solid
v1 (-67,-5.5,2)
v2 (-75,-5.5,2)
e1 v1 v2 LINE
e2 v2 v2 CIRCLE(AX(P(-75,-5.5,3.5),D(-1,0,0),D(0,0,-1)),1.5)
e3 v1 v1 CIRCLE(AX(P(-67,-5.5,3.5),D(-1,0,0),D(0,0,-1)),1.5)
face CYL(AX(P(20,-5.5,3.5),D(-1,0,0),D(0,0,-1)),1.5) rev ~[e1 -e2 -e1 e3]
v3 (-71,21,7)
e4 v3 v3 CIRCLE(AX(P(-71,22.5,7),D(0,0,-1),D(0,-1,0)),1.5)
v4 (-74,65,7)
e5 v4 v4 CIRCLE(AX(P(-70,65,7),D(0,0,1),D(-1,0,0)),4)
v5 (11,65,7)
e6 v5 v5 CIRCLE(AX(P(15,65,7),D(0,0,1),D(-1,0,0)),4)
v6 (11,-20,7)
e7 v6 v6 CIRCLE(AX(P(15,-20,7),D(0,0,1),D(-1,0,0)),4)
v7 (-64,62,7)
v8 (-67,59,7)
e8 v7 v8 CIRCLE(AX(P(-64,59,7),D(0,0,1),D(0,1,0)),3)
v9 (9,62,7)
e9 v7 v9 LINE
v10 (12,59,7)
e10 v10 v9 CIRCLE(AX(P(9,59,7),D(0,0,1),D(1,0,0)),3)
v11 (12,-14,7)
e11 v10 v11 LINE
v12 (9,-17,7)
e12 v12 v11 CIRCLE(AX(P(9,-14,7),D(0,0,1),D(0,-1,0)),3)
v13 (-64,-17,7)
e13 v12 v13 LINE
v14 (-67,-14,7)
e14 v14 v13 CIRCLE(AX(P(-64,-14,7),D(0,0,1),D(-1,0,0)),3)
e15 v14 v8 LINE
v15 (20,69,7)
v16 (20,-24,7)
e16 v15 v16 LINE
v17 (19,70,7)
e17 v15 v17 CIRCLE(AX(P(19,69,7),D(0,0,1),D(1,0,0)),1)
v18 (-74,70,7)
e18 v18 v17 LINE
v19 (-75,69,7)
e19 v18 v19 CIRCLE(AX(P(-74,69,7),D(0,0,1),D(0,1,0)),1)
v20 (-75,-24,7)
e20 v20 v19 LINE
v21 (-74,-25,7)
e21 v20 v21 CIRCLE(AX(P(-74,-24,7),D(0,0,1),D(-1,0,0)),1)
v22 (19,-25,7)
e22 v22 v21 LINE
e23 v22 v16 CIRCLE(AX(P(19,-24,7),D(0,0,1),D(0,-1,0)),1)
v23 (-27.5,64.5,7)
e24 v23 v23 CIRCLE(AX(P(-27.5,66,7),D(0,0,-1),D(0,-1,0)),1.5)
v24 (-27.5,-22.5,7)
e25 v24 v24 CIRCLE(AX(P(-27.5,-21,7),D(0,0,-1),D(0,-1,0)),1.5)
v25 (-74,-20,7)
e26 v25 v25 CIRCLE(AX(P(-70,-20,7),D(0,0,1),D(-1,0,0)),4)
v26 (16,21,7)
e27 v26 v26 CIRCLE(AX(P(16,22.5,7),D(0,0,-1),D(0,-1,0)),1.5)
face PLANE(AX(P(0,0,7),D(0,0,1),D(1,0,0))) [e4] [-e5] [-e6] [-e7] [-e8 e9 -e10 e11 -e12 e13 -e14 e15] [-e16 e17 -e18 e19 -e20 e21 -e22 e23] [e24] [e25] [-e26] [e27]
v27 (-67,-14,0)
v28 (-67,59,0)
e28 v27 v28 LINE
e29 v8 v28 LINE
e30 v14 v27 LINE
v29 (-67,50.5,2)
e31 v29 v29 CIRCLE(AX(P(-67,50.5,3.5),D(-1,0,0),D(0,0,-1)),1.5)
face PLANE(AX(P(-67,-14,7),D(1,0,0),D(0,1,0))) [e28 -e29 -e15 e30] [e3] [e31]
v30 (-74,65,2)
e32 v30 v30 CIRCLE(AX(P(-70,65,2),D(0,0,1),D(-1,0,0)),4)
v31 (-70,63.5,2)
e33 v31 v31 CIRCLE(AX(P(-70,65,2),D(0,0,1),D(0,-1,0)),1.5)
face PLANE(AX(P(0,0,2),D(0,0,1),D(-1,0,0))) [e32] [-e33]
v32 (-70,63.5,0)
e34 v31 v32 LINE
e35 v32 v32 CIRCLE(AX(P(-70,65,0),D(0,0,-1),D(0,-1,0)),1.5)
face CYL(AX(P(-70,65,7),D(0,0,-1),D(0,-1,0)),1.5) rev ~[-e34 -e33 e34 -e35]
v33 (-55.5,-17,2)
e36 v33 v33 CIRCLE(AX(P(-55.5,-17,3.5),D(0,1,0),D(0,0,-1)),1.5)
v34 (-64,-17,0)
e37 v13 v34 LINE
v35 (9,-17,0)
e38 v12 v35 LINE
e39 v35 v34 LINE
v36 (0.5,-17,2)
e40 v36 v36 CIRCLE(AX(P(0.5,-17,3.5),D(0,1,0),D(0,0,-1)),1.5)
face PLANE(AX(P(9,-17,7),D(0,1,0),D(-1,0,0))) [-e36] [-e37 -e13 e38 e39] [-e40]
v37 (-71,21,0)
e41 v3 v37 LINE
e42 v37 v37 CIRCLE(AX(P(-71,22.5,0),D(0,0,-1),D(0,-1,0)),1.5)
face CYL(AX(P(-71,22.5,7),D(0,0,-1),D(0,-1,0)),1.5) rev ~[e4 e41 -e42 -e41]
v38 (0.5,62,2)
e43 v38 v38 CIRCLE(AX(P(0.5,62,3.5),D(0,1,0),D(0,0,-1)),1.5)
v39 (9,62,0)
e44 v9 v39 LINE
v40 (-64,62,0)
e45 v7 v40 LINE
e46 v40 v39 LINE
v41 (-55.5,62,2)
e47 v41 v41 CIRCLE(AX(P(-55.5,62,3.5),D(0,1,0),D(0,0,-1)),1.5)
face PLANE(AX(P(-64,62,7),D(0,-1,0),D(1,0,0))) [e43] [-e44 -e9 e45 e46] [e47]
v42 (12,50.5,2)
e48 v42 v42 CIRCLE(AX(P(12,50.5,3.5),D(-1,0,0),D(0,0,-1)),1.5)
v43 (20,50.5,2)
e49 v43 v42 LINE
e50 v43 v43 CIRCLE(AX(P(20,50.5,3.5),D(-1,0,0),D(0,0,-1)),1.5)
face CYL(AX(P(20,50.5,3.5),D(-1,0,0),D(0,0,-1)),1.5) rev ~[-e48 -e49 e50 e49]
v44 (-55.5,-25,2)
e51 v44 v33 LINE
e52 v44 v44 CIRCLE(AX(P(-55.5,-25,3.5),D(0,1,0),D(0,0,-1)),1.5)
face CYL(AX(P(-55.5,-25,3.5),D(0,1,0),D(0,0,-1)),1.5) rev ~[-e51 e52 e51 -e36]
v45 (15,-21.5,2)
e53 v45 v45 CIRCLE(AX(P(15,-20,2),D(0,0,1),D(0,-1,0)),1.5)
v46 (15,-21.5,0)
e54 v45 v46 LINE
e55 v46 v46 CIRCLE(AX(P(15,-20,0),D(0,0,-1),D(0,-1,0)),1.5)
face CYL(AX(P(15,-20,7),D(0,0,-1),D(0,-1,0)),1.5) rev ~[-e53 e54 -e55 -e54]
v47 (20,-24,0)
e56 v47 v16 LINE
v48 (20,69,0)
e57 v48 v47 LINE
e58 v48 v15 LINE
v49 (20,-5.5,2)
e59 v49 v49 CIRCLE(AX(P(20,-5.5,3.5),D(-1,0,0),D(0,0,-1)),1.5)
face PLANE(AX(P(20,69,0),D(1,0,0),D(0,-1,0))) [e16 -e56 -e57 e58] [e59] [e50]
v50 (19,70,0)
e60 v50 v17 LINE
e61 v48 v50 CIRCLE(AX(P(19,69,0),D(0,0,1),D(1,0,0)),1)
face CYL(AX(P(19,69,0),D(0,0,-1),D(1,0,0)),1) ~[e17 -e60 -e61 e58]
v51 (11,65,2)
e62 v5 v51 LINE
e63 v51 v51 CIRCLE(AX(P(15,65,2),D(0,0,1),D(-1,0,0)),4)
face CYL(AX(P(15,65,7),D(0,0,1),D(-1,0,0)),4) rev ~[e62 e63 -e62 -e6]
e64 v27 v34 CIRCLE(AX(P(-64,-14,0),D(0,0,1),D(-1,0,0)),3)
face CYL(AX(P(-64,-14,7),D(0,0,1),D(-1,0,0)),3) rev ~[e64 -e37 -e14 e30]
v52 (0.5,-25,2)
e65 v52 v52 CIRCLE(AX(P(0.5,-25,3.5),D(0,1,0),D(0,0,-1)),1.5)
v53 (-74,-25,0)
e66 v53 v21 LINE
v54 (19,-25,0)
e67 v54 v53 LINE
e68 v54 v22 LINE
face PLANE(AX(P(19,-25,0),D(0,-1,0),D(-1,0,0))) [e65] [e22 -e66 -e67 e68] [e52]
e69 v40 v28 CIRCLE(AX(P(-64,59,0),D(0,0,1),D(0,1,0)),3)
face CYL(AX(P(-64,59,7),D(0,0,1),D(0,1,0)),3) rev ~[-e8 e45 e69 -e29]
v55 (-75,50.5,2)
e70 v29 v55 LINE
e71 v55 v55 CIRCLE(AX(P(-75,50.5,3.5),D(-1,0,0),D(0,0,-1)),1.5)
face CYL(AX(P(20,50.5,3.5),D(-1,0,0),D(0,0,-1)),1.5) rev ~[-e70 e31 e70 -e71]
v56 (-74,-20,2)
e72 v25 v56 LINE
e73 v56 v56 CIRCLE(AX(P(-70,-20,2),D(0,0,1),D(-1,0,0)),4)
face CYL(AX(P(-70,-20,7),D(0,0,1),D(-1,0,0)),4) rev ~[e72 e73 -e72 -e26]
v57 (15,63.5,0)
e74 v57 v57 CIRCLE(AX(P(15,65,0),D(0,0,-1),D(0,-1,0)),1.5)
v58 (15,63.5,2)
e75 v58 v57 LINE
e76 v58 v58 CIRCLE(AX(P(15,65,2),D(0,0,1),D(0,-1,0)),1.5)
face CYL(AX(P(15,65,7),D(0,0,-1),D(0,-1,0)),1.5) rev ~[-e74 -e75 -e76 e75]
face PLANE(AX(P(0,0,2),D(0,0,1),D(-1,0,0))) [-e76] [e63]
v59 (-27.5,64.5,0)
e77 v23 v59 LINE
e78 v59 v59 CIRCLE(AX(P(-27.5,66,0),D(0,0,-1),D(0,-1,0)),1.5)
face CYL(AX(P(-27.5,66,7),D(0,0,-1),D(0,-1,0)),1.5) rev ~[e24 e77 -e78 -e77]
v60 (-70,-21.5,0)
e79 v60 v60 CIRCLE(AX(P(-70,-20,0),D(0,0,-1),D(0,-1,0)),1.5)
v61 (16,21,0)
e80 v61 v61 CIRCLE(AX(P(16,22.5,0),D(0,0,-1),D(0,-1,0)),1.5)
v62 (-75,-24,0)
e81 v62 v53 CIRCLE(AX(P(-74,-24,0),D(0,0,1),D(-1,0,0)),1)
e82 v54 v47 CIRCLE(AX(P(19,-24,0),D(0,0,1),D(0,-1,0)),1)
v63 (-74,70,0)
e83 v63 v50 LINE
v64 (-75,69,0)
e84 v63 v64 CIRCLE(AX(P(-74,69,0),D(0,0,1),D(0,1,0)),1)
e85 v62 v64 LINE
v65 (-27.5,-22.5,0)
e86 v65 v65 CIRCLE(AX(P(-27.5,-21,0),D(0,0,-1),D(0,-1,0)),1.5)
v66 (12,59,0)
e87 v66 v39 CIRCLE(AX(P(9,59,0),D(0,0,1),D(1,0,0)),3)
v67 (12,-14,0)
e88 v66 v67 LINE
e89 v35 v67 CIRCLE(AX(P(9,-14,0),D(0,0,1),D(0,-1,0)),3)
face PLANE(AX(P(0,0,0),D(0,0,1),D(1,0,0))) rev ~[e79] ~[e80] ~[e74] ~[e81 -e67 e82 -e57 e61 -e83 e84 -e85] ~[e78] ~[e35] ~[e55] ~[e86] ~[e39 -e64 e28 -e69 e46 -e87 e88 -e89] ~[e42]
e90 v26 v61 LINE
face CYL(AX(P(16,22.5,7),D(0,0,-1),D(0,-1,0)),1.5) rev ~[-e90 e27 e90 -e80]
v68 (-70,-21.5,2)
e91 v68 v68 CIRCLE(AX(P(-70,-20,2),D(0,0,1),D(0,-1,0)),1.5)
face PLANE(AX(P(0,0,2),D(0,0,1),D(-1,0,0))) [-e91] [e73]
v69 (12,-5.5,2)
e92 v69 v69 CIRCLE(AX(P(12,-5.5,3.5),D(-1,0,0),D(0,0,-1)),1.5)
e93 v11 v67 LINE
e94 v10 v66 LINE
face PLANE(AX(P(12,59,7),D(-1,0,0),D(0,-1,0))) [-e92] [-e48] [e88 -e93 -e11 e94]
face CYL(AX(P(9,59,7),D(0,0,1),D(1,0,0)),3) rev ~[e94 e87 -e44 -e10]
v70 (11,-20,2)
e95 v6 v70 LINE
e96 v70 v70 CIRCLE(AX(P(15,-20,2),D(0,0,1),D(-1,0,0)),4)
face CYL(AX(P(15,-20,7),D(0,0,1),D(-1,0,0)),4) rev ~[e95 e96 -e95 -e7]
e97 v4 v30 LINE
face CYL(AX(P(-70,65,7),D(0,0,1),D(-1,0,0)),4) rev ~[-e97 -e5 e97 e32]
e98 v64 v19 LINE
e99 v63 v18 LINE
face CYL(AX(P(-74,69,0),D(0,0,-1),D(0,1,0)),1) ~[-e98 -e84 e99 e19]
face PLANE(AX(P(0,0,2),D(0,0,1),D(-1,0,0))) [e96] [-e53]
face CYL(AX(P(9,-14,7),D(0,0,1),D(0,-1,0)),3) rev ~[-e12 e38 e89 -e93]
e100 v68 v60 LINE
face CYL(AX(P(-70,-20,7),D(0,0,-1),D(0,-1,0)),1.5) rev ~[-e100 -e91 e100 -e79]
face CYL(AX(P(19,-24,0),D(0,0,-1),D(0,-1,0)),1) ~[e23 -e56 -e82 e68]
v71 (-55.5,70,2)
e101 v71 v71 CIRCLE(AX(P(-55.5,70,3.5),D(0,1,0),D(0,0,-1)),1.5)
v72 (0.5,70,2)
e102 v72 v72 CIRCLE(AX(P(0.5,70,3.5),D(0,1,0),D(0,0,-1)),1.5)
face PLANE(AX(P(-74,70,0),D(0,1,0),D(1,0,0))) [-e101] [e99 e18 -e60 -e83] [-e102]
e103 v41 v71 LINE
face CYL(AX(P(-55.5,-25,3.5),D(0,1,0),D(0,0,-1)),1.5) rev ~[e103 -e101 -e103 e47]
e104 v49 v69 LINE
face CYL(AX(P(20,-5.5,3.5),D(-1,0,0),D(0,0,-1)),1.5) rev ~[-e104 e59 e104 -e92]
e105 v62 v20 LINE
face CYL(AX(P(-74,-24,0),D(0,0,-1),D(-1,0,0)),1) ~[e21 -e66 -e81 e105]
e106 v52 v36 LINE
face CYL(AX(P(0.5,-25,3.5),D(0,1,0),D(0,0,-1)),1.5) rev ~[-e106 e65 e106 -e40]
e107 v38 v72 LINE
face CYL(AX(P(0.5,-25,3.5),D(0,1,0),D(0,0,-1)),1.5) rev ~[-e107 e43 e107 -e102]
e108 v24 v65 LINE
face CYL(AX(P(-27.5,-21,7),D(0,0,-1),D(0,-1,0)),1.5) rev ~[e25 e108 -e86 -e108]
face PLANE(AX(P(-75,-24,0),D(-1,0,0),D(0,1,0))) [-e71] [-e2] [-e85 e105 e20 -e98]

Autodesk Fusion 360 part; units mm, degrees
sketch "Sketch1" plane through (0, 0, 0) normal (0, 0, 1) x (1, 0, 0)
  line L0 (19, -25) -> (-74, -25)
  line L1 (-75, -24) -> (-75, 69)
  line L2 (-74, 70) -> (19, 70)
  line L3 (20, 69) -> (20, -24)
  arc A0 (-74, 70) -> (-75, 69) centre (-74, 69) ccw
  arc A1 (20, 69) -> (19, 70) centre (19, 69) ccw
  arc A2 (-75, -24) -> (-74, -25) centre (-74, -24) ccw
  arc A3 (19, -25) -> (20, -24) centre (19, -24) ccw
  point P0 (20, -25)
  point P1 (-75, -25)
  point P2 (20, 70)
  dimension "d1" = 95
  dimension "d2" = 95
  dimension "d3" = 1
extrude "Extrude1" add sketch "Sketch1" along normal blind 7
sketch "Sketch2" plane through (0, 0, 7) normal (0, 0, 1) x (-1, 0, 0)
  arc A0 (75, 24) -> (74, 25) centre (74, 24) ccw
  line L0 (74, 25) -> (-19, 25)
  arc A1 (-19, 25) -> (-20, 24) centre (-19, 24) ccw
  line L1 (-20, 24) -> (-20, -69)
  arc A2 (-20, -69) -> (-19, -70) centre (-19, -69) ccw
  line L2 (-19, -70) -> (74, -70)
  arc A3 (74, -70) -> (75, -69) centre (74, -69) ccw
  line L3 (75, -69) -> (75, 24)
  line L4 (64, -62) -> (-9, -62)
  line L5 (-12, -59) -> (-12, 14)
  line L6 (-9, 17) -> (64, 17)
  line L7 (67, 14) -> (67, -59)
  arc A4 (64, -62) -> (67, -59) centre (64, -59) ccw
  arc A5 (-12, -59) -> (-9, -62) centre (-9, -59) ccw
  arc A6 (-9, 17) -> (-12, 14) centre (-9, 14) ccw
  arc A7 (67, 14) -> (64, 17) centre (64, 14) ccw
  point P0 (67, -62)
  point P1 (-12, -62)
  point P2 (67, 17)
  dimension "d6" = 79
  dimension "d7" = 79
  dimension "d8" = 3
  dimension "d9" = 8
  dimension "d10" = 8
extrude "Extrude2" cut sketch "Sketch2" against normal blind 19 contours L4 L5 L6 L7 A4 A5 A6 A7
sketch "Sketch3" plane through (0, 0, 7) normal (0, 0, 1) x (-1, 0, 0)
  line L0 (67, 14) -> (67, -59)
  arc A0 (64, -62) -> (67, -59) centre (64, -59) ccw
  line L1 (64, -62) -> (-9, -62)
  arc A1 (-12, -59) -> (-9, -62) centre (-9, -59) ccw
  line L2 (-12, -59) -> (-12, 14)
  arc A2 (-9, 17) -> (-12, 14) centre (-9, 14) ccw
  line L3 (-9, 17) -> (64, 17)
  arc A3 (67, 14) -> (64, 17) centre (64, 14) ccw
  arc A4 (75, 24) -> (74, 25) centre (74, 24) ccw
  line L4 (74, 25) -> (-19, 25)
  arc A5 (-19, 25) -> (-20, 24) centre (-19, 24) ccw
  line L5 (-20, 24) -> (-20, -69)
  arc A6 (-20, -69) -> (-19, -70) centre (-19, -69) ccw
  line L6 (-19, -70) -> (74, -70)
  arc A7 (74, -70) -> (75, -69) centre (74, -69) ccw
  line L7 (75, -69) -> (75, 24)
  point P0 (27.5, 21)
  point P1 (71, -22.5)
  point P2 (-16, -22.5)
  point P3 (27.5, -66)
  dimension "d13" = 4
  dimension "d14" = 47.5
  dimension "d15" = 4
  dimension "d16" = 47.5
  dimension "d17" = 4
  dimension "d18" = 47.5
  dimension "d19" = 4
  dimension "d20" = 47.5
hole "Hole1" at (-27.5, 66, 7) at (16, 22.5, 7) at (-27.5, -21, 7) at (-71, 22.5, 7) direction (0, 0, -1) diameter 3 depth 25 tip angle 118
sketch "Sketch4" plane through (0, -25, 0) normal (0, -1, 0) x (1, 0, 0)
  line L0 (-74, 0) -> (19, 0)
  line L1 (19, 0) -> (19, 7)
  line L2 (19, 7) -> (-74, 7)
  line L3 (-74, 7) -> (-74, 0)
  line L4 (-75, 0) -> (-75, 7)
  point P0 (-27.5, 3.5)
  point P1 (-55.5, 3.5)
  point P2 (0.5, 3.5)
  dimension "d24" = 3.5
  dimension "d25" = 3.5
  dimension "d26" = 3.5
  dimension "d27" = 47.5
  dimension "d28" = 28
  dimension "d29" = 28
hole "Hole2" at (-55.5, -25, 3.5) at (0.5, -25, 3.5) direction (0, 1, 0) diameter 3 depth 124 tip angle 118
sketch "Sketch5" plane through (20, 0, 0) normal (1, 0, 0) x (0, 1, 0)
  line L0 (-24, 0) -> (69, 0)
  line L1 (69, 0) -> (69, 7)
  line L2 (69, 7) -> (-24, 7)
  line L3 (-24, 7) -> (-24, 0)
  line L4 (-25, 0) -> (-25, 7)
  point P0 (-5.5, 3.5)
  point P1 (22.5, 3.5)
  point P2 (50.5, 3.5)
  dimension "d33" = 3.5
  dimension "d34" = 3.5
  dimension "d35" = 3.5
  dimension "d36" = 47.5
  dimension "d37" = 28
  dimension "d38" = 28
hole "Hole3" at (20, -5.5, 3.5) at (20, 50.5, 3.5) direction (-1, 0, 0) diameter 3 depth 124 tip angle 118
sketch "Sketch6" plane through (0, 0, 7) normal (0, 0, 1) x (-1, 0, 0)
  circle A0 centre (27.5, 21) radius 1.5
  circle A1 centre (27.5, -66) radius 1.5
  circle A2 centre (-16, -22.5) radius 1.5
  circle A3 centre (71, -22.5) radius 1.5
  line L0 (67, 14) -> (67, -59)
  arc A4 (64, -62) -> (67, -59) centre (64, -59) ccw
  line L1 (64, -62) -> (-9, -62)
  arc A5 (-12, -59) -> (-9, -62) centre (-9, -59) ccw
  line L2 (-12, -59) -> (-12, 14)
  arc A6 (-9, 17) -> (-12, 14) centre (-9, 14) ccw
  line L3 (-9, 17) -> (64, 17)
  arc A7 (67, 14) -> (64, 17) centre (64, 14) ccw
  arc A8 (75, 24) -> (74, 25) centre (74, 24) ccw
  line L4 (74, 25) -> (-19, 25)
  arc A9 (-19, 25) -> (-20, 24) centre (-19, 24) ccw
  line L5 (-20, 24) -> (-20, -69)
  arc A10 (-20, -69) -> (-19, -70) centre (-19, -69) ccw
  line L6 (-19, -70) -> (74, -70)
  arc A11 (74, -70) -> (75, -69) centre (74, -69) ccw
  line L7 (75, -69) -> (75, 24)
  point P0 (70, 20)
  point P1 (-15, 20)
  point P2 (70, -65)
  point P3 (-15, -65)
  dimension "d42" = 5
  dimension "d43" = 5
  dimension "d44" = 5
  dimension "d45" = 5
  dimension "d46" = 5
  dimension "d47" = 5
  dimension "d48" = 5
  dimension "d49" = 5
hole "Hole4" at (15, 65, 7) at (-70, 65, 7) at (-70, -20, 7) at (15, -20, 7) direction (0, 0, -1) diameter 3 depth 10 tip angle 118
sketch "Sketch7" plane through (0, 0, 7) normal (0, 0, 1) x (-1, 0, 0)
  circle A0 centre (70, 20) radius 1.5
  circle A1 centre (-15, -65) radius 1.5
  circle A2 centre (70, -65) radius 1.5
  circle A3 centre (-15, 20) radius 1.5
  circle A4 centre (27.5, 21) radius 1.5
  circle A5 centre (27.5, -66) radius 1.5
  circle A6 centre (-16, -22.5) radius 1.5
  circle A7 centre (71, -22.5) radius 1.5
  line L0 (67, 14) -> (67, -59)
  arc A8 (64, -62) -> (67, -59) centre (64, -59) ccw
  line L1 (64, -62) -> (-9, -62)
  arc A9 (-12, -59) -> (-9, -62) centre (-9, -59) ccw
  line L2 (-12, -59) -> (-12, 14)
  arc A10 (-9, 17) -> (-12, 14) centre (-9, 14) ccw
  line L3 (-9, 17) -> (64, 17)
  arc A11 (67, 14) -> (64, 17) centre (64, 14) ccw
  arc A12 (75, 24) -> (74, 25) centre (74, 24) ccw
  line L4 (74, 25) -> (-19, 25)
  arc A13 (-19, 25) -> (-20, 24) centre (-19, 24) ccw
  line L5 (-20, 24) -> (-20, -69)
  arc A14 (-20, -69) -> (-19, -70) centre (-19, -69) ccw
  line L6 (-19, -70) -> (74, -70)
  arc A15 (74, -70) -> (75, -69) centre (74, -69) ccw
  line L7 (75, -69) -> (75, 24)
  circle A16 centre (70, -65) radius 4
  circle A17 centre (-15, -65) radius 4
  circle A18 centre (70, 20) radius 4
  circle A19 centre (-15, 20) radius 4
  dimension "d53" = 8
  dimension "d54" = 8
  dimension "d55" = 8
  dimension "d56" = 8
extrude "Extrude3" cut sketch "Sketch7" against normal blind 5 contours A16 | A17 | A18 | A19
